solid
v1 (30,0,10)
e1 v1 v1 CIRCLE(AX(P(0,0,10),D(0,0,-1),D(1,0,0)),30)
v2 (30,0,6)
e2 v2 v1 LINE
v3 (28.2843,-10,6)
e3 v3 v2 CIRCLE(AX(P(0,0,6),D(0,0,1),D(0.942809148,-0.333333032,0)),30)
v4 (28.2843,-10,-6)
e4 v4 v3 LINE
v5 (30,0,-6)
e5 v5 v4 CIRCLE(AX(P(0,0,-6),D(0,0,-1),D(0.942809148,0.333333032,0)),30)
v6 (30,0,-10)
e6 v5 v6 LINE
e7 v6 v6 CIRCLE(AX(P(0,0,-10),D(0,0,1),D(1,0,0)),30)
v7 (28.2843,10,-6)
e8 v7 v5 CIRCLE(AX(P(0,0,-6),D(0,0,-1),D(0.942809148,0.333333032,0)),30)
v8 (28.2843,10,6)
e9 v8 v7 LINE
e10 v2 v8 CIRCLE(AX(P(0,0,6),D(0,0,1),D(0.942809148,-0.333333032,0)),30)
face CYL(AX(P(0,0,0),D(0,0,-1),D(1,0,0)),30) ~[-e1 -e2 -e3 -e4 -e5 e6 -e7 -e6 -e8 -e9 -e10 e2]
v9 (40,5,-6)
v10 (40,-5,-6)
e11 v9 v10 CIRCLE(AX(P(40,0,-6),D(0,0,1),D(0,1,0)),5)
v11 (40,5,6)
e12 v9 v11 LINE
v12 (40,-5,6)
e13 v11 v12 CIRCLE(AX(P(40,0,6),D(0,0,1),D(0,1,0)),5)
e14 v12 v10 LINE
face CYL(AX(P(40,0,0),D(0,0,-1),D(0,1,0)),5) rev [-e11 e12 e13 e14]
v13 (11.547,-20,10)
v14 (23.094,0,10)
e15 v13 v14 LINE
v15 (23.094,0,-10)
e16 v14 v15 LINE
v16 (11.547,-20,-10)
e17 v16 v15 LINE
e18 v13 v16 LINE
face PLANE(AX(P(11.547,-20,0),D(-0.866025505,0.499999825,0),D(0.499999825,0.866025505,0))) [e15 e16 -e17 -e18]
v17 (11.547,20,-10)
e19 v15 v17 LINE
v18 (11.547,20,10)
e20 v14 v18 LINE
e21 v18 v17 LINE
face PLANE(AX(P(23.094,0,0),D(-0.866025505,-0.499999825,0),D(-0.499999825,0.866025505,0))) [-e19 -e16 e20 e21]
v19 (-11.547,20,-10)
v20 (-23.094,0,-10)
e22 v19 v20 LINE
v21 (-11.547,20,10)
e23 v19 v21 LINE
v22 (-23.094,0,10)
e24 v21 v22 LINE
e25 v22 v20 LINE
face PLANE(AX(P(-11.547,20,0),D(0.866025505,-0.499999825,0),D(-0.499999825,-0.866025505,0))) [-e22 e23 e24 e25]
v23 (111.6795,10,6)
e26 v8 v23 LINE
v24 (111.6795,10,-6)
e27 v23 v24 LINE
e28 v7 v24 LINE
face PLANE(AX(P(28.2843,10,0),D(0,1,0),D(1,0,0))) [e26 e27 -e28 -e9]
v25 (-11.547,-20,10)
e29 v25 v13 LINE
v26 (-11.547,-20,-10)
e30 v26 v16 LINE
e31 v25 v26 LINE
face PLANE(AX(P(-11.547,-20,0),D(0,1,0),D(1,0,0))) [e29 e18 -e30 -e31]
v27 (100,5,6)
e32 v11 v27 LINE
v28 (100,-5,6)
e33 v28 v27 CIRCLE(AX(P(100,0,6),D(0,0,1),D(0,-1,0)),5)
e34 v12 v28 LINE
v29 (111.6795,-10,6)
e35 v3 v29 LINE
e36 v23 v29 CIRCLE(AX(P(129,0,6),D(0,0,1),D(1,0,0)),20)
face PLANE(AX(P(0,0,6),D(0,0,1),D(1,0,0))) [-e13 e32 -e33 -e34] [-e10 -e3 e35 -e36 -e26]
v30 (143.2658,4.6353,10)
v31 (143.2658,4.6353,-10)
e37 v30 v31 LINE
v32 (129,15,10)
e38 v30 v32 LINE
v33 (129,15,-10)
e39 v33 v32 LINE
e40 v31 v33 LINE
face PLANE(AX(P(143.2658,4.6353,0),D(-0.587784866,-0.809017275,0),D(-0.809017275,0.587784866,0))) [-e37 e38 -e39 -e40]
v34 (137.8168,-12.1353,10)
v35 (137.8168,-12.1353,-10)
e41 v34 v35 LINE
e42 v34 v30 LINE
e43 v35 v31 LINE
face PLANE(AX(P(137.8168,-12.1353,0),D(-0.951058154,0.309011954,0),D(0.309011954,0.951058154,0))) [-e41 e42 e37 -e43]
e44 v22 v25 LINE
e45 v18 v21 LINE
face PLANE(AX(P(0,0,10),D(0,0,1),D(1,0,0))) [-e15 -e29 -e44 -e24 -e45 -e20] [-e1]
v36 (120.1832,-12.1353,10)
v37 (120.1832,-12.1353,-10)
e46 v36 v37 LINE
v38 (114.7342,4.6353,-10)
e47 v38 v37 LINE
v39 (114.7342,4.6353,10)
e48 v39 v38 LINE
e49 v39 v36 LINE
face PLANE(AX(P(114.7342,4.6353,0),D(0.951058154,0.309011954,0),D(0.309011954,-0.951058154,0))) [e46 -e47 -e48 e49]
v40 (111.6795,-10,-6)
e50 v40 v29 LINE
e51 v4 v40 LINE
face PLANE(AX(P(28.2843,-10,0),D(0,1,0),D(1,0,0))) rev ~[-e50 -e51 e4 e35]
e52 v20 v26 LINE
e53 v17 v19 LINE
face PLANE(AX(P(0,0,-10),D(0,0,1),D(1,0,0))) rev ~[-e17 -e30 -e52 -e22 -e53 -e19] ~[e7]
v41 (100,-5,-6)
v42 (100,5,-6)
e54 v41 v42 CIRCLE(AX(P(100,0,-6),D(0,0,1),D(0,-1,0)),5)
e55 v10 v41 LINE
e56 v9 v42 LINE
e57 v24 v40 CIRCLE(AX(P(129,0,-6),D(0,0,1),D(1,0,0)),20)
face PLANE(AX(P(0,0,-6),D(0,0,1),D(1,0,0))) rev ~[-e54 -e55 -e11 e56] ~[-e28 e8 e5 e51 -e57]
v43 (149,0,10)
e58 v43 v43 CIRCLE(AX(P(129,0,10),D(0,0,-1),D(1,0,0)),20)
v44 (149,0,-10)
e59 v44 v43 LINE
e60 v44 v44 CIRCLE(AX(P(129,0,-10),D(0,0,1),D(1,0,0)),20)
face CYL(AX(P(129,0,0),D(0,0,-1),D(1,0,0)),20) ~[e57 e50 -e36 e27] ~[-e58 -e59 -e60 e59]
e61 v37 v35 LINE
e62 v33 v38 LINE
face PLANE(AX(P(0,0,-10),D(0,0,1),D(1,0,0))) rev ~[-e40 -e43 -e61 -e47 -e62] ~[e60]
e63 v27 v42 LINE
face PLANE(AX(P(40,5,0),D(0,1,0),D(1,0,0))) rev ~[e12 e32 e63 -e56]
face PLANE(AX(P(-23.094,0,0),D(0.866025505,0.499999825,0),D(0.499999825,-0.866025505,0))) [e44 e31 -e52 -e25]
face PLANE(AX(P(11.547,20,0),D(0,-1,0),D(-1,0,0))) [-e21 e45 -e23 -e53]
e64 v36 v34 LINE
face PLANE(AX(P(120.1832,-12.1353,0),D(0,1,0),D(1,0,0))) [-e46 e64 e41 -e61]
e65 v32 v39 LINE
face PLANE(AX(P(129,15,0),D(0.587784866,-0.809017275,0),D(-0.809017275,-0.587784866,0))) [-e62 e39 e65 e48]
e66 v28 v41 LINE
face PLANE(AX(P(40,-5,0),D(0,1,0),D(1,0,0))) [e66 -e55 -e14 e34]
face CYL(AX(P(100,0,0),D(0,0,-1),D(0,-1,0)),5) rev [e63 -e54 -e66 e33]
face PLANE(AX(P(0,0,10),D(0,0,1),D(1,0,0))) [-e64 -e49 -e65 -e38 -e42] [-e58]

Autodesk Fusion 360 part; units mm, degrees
sketch "Sketch1" plane through (0, 0, 0) normal (0, 0, 1) x (1, 0, 0)
  circle A0 centre (0, 0) radius 30
  circle A1 centre (129, 0) radius 20
  line L0 (0, 0) -> (0, 0)
  line L1 (0, 0) -> (0, 0)
  line L2 (0, 0) -> (0, 0)
  line L3 (0, 0) -> (0, 0)
  line L4 (0, 0) -> (0, 0)
  line L5 (0, 0) -> (0, 0)
  line L6 (-11.547, 20) -> (-23.094, 0)
  line L7 (-23.094, 0) -> (-11.547, -20)
  line L8 (-11.547, -20) -> (11.547, -20)
  line L9 (11.547, -20) -> (23.094, 0)
  line L10 (23.094, 0) -> (11.547, 20)
  line L11 (11.547, 20) -> (-11.547, 20)
  line L12 (129, 15) -> (114.7342, 4.6353)
  line L13 (114.7342, 4.6353) -> (120.1832, -12.1353)
  line L14 (120.1832, -12.1353) -> (137.8168, -12.1353)
  line L15 (137.8168, -12.1353) -> (143.2658, 4.6353)
  line L16 (143.2658, 4.6353) -> (129, 15)
  line L17 (0, 0) -> (129, 0) construction
  line L18 (28.2843, 10) -> (111.6795, 10)
  line L19 (28.2843, -10) -> (111.6795, -10)
  line L20 (40, 5) -> (100, 5)
  line L21 (40, -5) -> (100, -5)
  arc A2 (40, 5) -> (40, -5) centre (40, 0) ccw
  arc A3 (100, -5) -> (100, 5) centre (100, 0) ccw
  point P0 (129, 0)
  dimension "d1" = 60
  dimension "d2" = 129
  dimension "d3" = 40
  dimension "d4" = 20
  dimension "d5" = 15
extrude "Extrude1" add sketch "Sketch1" along normal mid plane 20 contours A0 | A1 makes body 1 at (25.0013, -16.5811, 3.3333) makes body 2 at (148.9006, -1.9914, -3.3333)
extrude "Extrude2" add sketch "Sketch1" along normal mid plane 12 contours A0 A1 L18 L19 bodies 1 2
sketch "Sketch3" plane through (0, 0, 0) normal (0, 0, 1) x (1, 0, 0)
sketch "Sketch4" plane through (0, 0, 0) normal (0, 0, 1) x (1, 0, 0)
